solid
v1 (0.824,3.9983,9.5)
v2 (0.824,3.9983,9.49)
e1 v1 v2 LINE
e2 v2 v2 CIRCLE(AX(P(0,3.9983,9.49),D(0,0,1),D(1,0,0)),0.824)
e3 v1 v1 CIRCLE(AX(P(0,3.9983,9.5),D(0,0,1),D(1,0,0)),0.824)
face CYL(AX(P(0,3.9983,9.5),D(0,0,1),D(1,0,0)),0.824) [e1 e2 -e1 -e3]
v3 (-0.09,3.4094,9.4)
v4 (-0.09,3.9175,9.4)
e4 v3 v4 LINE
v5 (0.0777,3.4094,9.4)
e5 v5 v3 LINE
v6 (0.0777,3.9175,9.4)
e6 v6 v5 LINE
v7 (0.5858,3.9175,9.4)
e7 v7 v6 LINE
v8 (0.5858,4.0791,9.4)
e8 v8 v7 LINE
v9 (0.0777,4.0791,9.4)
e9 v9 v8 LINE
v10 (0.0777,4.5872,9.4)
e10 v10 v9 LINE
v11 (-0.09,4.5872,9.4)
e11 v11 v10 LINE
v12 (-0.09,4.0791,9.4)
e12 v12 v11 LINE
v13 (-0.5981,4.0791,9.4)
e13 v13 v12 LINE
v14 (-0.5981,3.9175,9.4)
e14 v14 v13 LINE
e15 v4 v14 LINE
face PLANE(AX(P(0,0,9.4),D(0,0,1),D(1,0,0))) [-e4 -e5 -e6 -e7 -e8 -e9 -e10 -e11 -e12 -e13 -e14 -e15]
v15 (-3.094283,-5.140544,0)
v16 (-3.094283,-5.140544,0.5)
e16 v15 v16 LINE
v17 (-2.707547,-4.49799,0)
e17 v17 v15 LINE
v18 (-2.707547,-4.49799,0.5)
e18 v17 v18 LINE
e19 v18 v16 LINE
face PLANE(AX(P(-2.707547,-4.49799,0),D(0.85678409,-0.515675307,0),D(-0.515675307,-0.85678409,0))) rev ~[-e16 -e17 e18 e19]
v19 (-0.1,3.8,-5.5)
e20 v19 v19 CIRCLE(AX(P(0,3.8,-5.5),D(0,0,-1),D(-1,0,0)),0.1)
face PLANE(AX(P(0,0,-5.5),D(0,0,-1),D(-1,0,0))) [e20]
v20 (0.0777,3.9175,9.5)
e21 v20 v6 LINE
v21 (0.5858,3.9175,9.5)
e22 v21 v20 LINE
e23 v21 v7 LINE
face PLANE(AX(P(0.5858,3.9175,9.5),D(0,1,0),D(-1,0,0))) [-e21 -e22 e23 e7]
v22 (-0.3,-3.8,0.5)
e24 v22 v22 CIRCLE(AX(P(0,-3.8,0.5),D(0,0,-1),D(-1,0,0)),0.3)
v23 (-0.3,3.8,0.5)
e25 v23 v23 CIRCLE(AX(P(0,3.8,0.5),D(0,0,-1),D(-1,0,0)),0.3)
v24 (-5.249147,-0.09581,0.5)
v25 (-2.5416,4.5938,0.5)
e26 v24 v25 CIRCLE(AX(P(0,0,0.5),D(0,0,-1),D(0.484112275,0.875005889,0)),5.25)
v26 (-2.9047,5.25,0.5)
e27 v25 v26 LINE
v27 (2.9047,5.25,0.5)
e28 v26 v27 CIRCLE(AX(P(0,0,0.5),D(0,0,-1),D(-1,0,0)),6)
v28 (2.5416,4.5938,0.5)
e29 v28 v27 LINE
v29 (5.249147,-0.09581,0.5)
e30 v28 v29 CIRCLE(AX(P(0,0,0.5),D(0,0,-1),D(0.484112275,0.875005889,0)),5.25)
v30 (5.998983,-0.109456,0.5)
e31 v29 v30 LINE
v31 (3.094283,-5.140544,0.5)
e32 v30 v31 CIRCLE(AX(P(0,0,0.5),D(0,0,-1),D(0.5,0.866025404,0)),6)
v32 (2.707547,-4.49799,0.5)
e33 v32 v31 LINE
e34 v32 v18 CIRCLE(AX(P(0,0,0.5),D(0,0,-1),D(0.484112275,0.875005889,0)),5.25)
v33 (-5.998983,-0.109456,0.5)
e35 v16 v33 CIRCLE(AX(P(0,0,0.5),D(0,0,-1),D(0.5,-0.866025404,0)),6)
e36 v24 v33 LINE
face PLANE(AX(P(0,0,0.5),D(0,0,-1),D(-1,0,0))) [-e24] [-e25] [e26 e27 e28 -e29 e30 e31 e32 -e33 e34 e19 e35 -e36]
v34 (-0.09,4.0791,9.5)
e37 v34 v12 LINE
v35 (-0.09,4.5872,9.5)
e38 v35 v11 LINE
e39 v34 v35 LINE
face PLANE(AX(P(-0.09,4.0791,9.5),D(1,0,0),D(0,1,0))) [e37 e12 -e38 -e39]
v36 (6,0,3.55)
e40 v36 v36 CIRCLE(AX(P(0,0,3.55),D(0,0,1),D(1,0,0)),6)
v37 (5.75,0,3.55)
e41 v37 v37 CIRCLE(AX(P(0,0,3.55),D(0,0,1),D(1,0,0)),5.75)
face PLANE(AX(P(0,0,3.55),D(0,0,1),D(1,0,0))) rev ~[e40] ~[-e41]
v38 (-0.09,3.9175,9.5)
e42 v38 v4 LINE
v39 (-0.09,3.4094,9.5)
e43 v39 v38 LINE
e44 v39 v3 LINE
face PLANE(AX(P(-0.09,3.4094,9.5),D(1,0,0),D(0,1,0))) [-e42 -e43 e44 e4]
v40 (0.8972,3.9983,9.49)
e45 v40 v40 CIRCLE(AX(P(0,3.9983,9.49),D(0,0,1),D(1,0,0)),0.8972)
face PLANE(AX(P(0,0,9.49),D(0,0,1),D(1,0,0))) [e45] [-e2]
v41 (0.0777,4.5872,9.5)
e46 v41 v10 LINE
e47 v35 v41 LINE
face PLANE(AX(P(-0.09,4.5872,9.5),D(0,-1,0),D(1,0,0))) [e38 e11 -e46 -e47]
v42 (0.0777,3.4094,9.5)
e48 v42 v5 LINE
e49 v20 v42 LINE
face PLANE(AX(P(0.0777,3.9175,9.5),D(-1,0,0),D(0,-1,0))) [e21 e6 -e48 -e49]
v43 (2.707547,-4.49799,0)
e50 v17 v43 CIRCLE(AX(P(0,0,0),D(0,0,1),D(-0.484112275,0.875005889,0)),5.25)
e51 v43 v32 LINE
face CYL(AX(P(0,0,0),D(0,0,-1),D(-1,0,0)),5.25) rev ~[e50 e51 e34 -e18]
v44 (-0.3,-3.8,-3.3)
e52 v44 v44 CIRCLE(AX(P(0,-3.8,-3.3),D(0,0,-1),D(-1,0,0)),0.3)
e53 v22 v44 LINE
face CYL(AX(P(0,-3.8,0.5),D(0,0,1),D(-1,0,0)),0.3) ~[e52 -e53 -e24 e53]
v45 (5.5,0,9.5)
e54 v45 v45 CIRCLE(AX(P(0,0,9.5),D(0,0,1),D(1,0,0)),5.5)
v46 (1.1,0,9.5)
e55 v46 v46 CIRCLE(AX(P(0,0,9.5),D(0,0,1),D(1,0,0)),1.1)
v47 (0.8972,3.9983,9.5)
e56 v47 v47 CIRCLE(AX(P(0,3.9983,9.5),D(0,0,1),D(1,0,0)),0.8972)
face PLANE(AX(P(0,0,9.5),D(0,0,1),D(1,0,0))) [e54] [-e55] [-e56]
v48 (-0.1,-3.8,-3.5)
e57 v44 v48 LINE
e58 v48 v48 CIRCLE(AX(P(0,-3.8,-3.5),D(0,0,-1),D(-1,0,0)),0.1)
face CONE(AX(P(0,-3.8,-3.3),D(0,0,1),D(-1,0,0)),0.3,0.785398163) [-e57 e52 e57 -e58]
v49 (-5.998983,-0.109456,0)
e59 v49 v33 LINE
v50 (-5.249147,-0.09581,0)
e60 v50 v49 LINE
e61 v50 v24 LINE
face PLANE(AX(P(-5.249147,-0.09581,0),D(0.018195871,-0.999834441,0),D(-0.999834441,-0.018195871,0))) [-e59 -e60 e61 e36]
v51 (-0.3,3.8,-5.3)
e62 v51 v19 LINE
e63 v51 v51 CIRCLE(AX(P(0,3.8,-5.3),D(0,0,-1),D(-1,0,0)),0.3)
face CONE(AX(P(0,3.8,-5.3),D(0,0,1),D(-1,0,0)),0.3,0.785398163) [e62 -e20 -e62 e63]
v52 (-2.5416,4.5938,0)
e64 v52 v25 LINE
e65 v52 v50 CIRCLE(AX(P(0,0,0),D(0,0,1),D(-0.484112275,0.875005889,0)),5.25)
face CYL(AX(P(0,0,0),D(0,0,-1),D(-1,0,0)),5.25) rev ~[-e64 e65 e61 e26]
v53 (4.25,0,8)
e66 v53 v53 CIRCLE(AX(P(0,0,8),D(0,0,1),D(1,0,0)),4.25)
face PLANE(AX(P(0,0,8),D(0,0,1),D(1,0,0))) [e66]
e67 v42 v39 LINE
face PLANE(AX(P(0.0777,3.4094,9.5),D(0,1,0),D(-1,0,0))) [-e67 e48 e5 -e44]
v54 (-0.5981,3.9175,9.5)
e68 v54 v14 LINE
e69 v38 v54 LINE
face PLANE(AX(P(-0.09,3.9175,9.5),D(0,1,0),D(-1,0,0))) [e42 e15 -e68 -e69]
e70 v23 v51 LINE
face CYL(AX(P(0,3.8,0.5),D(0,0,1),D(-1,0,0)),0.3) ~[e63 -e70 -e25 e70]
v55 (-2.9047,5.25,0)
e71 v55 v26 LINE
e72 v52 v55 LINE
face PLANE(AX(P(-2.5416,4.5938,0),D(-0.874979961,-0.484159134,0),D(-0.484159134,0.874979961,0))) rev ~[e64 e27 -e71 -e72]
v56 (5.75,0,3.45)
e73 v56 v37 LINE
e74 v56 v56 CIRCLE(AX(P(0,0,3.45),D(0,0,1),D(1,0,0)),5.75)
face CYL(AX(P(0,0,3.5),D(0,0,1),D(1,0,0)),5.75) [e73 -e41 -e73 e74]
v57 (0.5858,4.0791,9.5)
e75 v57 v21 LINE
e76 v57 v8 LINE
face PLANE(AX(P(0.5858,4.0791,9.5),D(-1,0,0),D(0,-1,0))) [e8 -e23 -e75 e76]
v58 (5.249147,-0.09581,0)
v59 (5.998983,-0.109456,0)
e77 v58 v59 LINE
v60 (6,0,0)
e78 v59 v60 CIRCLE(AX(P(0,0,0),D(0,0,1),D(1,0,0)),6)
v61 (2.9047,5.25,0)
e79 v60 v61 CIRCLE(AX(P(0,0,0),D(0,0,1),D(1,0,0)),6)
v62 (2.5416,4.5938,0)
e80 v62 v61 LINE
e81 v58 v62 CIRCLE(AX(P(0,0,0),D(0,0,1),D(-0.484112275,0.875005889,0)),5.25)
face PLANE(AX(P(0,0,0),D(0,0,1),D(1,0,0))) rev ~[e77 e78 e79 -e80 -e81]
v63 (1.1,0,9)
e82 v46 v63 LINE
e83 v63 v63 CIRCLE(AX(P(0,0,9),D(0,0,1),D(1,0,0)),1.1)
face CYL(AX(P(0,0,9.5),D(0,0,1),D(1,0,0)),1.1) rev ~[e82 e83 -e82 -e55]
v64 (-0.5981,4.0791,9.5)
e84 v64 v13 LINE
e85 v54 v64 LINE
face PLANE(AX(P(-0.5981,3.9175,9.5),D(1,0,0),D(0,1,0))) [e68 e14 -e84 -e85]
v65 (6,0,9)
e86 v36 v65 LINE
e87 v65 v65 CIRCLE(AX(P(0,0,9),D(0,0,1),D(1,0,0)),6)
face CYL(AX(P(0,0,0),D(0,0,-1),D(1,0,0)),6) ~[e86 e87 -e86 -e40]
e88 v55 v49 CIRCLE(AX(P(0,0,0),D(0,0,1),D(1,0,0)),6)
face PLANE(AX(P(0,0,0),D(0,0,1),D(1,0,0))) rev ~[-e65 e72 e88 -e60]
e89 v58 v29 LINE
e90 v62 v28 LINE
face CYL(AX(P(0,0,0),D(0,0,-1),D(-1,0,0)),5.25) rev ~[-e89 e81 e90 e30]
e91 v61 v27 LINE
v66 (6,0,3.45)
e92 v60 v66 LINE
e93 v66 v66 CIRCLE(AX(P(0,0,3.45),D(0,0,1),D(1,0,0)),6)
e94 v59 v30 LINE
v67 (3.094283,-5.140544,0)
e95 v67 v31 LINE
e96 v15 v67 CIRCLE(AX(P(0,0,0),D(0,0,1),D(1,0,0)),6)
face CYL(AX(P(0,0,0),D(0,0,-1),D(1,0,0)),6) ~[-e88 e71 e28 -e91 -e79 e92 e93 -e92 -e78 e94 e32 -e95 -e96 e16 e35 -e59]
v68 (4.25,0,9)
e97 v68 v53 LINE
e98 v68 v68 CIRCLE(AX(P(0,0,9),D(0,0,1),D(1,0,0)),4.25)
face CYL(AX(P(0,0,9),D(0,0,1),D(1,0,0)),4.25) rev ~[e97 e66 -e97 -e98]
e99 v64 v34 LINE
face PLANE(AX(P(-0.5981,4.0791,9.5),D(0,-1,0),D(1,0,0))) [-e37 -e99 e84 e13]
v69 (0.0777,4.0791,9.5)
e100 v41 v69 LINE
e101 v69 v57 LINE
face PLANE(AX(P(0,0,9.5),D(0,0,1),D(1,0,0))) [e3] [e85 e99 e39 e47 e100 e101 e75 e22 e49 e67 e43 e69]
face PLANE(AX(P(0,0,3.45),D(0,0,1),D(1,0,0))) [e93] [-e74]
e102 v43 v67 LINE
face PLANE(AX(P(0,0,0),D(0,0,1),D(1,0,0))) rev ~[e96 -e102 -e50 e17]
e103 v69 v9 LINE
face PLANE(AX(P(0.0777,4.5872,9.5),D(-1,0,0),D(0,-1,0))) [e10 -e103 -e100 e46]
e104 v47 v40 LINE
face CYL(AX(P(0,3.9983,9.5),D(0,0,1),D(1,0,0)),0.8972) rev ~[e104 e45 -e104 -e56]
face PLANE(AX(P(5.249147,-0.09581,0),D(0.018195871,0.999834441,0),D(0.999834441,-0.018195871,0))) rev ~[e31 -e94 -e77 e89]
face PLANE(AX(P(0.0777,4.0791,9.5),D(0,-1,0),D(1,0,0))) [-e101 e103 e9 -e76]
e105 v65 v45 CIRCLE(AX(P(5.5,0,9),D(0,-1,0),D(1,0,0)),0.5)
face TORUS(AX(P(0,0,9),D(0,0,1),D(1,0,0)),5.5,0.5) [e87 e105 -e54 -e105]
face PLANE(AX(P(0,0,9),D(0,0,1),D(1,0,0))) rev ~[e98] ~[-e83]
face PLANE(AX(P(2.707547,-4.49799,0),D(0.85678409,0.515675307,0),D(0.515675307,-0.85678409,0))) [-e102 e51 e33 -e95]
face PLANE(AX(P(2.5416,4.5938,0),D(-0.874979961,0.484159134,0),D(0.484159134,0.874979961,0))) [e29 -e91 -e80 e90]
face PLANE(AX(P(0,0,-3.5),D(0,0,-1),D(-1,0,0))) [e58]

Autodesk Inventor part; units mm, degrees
ref_plane "YZ Plane" through (0, 0, 0) normal (1, 0, 0) x (0, 1, 0)
ref_plane "XZ Plane" through (0, 0, 0) normal (0, 1, 0) x (-1, 0, 0)
ref_plane "XY Plane" through (0, 0, 0) normal (0, 0, 1) x (1, 0, 0)
sketch "Sketch1" plane through (0, 0, 0) normal (0, 0, 1) x (1, 0, 0)
  circle A0 centre (0, 0) radius 6
  dimension "d0" = 12
extrude "Extrusion1" add sketch "Sketch1" along normal blind 9.5
ref_plane "Work Plane1" through (0, 0, 9) normal (0, 0, 1) x (1, 0, 0)
sketch "Sketch2" plane through (0, 0, 9) normal (0, 0, 1) x (1, 0, 0)
  circle A0 centre (0, 0) radius 6 projected
  circle A1 centre (0, 0) radius 4.25
  dimension "d4" = 8.5
extrude "Extrusion2" cut sketch "Sketch2" against normal blind 1 contours A1
sketch "Sketch3" plane through (0, 0, 9.5) normal (0, 0, 1) x (1, 0, 0)
  circle A0 centre (0, 0) radius 6 projected
  circle A1 centre (0, 0) radius 1.1
  dimension "d7" = 2.2
extrude "Extrusion3" cut sketch "Sketch3" against normal blind 0.5 contours A1
sketch "Sketch4" plane through (0, 0, 0) normal (0, 0, -1) x (-1, 0, 0)
  circle A0 centre (0, 0) radius 6 projected
  circle A1 centre (0, 0) radius 5.25
  dimension "d10" = 10.5
extrude "Extrusion4" cut sketch "Sketch4" against normal blind 0.5 contours A1
fillet "Fillet1" radius 0.5 1 edges at (-6, 0, 9.5)
sketch "Sketch5" plane through (0, 0, 0) normal (0, 0, -1) x (-1, 0, 0)
  circle A0 centre (0, 0) radius 5.25 projected
  circle A1 centre (0, 0) radius 6 projected
  line L0 (2.5416, 4.5938) -> (2.9047, 5.25)
  line L1 (-2.5416, 4.5938) -> (-2.9047, 5.25)
extrude "Extrusion5" cut sketch "Sketch5" against normal blind 0.5 contours A0 L1 A1 L0 picked at (0.1766, 5.7207)
pattern_circular "Circular Pattern1" count 3 over 360 about axis through (0, 0, 0) along (0, 0, 1) of "Extrusion5"
sketch "Sketch6" plane through (0, 0, 0.5) normal (0, 0, -1) x (-1, 0, 0)
  arc A0 (-5.999, -0.1094) -> (-3.0943, -5.1406) centre (0, 0) ccw projected
  circle A1 centre (0, 3.8) radius 0.3
  dimension "d19" = 0.6
  dimension "d20" = 3.8
extrude "Extrusion6" add sketch "Sketch6" along normal blind 6
sketch "Sketch7" plane through (0, 0, 0.5) normal (0, 0, -1) x (-1, 0, 0)
  arc A0 (-2.5416, 4.5938) -> (-5.2491, -0.0957) centre (0, 0) ccw projected
  circle A1 centre (0, -3.8) radius 0.3
  dimension "d23" = 0.6
  dimension "d24" = 3.8
extrude "Extrusion7" add sketch "Sketch7" along normal blind 4
chamfer "Chamfer1" distance 0.2 angle 45 2 edges at (0.3, 3.8, -5.5) (0.3, -3.8, -3.5)
sketch "Sketch8" plane through (0, 0, 9.5) normal (0, 0, 1) x (1, 0, 0)
  line L0 (-0.7574, 4.5872) -> (0.6588, 4.5872) construction
  line L1 (0.6588, 4.5872) -> (0.6588, 3.3036) construction
  line L2 (0.6588, 3.3036) -> (-0.7574, 3.3036) construction
  line L3 (-0.7574, 3.3036) -> (-0.7574, 4.5872) construction
  line L4 (0.5858, 3.9175) -> (0.0777, 3.9175)
  line L5 (0.0777, 3.9175) -> (0.0777, 3.4094)
  line L6 (0.0777, 3.4094) -> (-0.09, 3.4094)
  line L7 (-0.09, 3.4094) -> (-0.09, 3.9175)
  line L8 (-0.09, 3.9175) -> (-0.5981, 3.9175)
  line L9 (-0.5981, 3.9175) -> (-0.5981, 4.0791)
  line L10 (-0.5981, 4.0791) -> (-0.09, 4.0791)
  line L11 (-0.09, 4.0791) -> (-0.09, 4.5872)
  line L12 (-0.09, 4.5872) -> (0.0777, 4.5872)
  line L13 (0.0777, 4.5872) -> (0.0777, 4.0791)
  line L14 (0.0777, 4.0791) -> (0.5858, 4.0791)
  line L15 (0.5858, 4.0791) -> (0.5858, 3.9175)
extrude "Extrusion8" cut sketch "Sketch8" against normal blind 0.1
sketch "Sketch9" plane through (0, 0, 9.5) normal (0, 0, 1) x (1, 0, 0)
  circle A0 centre (0, 3.9983) radius 0.824
  circle A1 centre (0, 3.9983) radius 0.8972
extrude "Extrusion9" cut sketch "Sketch9" against normal blind 0.01
ref_plane "Work Plane2" through (0, 0, 3.5) normal (0, 0, 1) x (1, 0, 0)
sketch "Sketch10" plane through (0, 0, 3.5) normal (0, 0, 1) x (1, 0, 0)
  circle A0 centre (0, 0) radius 6 projected
  circle A1 centre (0, 0) radius 5.75
  dimension "d35" = 11.5
extrude "Extrusion10" cut sketch "Sketch10" along normal mid plane 0.1
properties part number "buzzer"
